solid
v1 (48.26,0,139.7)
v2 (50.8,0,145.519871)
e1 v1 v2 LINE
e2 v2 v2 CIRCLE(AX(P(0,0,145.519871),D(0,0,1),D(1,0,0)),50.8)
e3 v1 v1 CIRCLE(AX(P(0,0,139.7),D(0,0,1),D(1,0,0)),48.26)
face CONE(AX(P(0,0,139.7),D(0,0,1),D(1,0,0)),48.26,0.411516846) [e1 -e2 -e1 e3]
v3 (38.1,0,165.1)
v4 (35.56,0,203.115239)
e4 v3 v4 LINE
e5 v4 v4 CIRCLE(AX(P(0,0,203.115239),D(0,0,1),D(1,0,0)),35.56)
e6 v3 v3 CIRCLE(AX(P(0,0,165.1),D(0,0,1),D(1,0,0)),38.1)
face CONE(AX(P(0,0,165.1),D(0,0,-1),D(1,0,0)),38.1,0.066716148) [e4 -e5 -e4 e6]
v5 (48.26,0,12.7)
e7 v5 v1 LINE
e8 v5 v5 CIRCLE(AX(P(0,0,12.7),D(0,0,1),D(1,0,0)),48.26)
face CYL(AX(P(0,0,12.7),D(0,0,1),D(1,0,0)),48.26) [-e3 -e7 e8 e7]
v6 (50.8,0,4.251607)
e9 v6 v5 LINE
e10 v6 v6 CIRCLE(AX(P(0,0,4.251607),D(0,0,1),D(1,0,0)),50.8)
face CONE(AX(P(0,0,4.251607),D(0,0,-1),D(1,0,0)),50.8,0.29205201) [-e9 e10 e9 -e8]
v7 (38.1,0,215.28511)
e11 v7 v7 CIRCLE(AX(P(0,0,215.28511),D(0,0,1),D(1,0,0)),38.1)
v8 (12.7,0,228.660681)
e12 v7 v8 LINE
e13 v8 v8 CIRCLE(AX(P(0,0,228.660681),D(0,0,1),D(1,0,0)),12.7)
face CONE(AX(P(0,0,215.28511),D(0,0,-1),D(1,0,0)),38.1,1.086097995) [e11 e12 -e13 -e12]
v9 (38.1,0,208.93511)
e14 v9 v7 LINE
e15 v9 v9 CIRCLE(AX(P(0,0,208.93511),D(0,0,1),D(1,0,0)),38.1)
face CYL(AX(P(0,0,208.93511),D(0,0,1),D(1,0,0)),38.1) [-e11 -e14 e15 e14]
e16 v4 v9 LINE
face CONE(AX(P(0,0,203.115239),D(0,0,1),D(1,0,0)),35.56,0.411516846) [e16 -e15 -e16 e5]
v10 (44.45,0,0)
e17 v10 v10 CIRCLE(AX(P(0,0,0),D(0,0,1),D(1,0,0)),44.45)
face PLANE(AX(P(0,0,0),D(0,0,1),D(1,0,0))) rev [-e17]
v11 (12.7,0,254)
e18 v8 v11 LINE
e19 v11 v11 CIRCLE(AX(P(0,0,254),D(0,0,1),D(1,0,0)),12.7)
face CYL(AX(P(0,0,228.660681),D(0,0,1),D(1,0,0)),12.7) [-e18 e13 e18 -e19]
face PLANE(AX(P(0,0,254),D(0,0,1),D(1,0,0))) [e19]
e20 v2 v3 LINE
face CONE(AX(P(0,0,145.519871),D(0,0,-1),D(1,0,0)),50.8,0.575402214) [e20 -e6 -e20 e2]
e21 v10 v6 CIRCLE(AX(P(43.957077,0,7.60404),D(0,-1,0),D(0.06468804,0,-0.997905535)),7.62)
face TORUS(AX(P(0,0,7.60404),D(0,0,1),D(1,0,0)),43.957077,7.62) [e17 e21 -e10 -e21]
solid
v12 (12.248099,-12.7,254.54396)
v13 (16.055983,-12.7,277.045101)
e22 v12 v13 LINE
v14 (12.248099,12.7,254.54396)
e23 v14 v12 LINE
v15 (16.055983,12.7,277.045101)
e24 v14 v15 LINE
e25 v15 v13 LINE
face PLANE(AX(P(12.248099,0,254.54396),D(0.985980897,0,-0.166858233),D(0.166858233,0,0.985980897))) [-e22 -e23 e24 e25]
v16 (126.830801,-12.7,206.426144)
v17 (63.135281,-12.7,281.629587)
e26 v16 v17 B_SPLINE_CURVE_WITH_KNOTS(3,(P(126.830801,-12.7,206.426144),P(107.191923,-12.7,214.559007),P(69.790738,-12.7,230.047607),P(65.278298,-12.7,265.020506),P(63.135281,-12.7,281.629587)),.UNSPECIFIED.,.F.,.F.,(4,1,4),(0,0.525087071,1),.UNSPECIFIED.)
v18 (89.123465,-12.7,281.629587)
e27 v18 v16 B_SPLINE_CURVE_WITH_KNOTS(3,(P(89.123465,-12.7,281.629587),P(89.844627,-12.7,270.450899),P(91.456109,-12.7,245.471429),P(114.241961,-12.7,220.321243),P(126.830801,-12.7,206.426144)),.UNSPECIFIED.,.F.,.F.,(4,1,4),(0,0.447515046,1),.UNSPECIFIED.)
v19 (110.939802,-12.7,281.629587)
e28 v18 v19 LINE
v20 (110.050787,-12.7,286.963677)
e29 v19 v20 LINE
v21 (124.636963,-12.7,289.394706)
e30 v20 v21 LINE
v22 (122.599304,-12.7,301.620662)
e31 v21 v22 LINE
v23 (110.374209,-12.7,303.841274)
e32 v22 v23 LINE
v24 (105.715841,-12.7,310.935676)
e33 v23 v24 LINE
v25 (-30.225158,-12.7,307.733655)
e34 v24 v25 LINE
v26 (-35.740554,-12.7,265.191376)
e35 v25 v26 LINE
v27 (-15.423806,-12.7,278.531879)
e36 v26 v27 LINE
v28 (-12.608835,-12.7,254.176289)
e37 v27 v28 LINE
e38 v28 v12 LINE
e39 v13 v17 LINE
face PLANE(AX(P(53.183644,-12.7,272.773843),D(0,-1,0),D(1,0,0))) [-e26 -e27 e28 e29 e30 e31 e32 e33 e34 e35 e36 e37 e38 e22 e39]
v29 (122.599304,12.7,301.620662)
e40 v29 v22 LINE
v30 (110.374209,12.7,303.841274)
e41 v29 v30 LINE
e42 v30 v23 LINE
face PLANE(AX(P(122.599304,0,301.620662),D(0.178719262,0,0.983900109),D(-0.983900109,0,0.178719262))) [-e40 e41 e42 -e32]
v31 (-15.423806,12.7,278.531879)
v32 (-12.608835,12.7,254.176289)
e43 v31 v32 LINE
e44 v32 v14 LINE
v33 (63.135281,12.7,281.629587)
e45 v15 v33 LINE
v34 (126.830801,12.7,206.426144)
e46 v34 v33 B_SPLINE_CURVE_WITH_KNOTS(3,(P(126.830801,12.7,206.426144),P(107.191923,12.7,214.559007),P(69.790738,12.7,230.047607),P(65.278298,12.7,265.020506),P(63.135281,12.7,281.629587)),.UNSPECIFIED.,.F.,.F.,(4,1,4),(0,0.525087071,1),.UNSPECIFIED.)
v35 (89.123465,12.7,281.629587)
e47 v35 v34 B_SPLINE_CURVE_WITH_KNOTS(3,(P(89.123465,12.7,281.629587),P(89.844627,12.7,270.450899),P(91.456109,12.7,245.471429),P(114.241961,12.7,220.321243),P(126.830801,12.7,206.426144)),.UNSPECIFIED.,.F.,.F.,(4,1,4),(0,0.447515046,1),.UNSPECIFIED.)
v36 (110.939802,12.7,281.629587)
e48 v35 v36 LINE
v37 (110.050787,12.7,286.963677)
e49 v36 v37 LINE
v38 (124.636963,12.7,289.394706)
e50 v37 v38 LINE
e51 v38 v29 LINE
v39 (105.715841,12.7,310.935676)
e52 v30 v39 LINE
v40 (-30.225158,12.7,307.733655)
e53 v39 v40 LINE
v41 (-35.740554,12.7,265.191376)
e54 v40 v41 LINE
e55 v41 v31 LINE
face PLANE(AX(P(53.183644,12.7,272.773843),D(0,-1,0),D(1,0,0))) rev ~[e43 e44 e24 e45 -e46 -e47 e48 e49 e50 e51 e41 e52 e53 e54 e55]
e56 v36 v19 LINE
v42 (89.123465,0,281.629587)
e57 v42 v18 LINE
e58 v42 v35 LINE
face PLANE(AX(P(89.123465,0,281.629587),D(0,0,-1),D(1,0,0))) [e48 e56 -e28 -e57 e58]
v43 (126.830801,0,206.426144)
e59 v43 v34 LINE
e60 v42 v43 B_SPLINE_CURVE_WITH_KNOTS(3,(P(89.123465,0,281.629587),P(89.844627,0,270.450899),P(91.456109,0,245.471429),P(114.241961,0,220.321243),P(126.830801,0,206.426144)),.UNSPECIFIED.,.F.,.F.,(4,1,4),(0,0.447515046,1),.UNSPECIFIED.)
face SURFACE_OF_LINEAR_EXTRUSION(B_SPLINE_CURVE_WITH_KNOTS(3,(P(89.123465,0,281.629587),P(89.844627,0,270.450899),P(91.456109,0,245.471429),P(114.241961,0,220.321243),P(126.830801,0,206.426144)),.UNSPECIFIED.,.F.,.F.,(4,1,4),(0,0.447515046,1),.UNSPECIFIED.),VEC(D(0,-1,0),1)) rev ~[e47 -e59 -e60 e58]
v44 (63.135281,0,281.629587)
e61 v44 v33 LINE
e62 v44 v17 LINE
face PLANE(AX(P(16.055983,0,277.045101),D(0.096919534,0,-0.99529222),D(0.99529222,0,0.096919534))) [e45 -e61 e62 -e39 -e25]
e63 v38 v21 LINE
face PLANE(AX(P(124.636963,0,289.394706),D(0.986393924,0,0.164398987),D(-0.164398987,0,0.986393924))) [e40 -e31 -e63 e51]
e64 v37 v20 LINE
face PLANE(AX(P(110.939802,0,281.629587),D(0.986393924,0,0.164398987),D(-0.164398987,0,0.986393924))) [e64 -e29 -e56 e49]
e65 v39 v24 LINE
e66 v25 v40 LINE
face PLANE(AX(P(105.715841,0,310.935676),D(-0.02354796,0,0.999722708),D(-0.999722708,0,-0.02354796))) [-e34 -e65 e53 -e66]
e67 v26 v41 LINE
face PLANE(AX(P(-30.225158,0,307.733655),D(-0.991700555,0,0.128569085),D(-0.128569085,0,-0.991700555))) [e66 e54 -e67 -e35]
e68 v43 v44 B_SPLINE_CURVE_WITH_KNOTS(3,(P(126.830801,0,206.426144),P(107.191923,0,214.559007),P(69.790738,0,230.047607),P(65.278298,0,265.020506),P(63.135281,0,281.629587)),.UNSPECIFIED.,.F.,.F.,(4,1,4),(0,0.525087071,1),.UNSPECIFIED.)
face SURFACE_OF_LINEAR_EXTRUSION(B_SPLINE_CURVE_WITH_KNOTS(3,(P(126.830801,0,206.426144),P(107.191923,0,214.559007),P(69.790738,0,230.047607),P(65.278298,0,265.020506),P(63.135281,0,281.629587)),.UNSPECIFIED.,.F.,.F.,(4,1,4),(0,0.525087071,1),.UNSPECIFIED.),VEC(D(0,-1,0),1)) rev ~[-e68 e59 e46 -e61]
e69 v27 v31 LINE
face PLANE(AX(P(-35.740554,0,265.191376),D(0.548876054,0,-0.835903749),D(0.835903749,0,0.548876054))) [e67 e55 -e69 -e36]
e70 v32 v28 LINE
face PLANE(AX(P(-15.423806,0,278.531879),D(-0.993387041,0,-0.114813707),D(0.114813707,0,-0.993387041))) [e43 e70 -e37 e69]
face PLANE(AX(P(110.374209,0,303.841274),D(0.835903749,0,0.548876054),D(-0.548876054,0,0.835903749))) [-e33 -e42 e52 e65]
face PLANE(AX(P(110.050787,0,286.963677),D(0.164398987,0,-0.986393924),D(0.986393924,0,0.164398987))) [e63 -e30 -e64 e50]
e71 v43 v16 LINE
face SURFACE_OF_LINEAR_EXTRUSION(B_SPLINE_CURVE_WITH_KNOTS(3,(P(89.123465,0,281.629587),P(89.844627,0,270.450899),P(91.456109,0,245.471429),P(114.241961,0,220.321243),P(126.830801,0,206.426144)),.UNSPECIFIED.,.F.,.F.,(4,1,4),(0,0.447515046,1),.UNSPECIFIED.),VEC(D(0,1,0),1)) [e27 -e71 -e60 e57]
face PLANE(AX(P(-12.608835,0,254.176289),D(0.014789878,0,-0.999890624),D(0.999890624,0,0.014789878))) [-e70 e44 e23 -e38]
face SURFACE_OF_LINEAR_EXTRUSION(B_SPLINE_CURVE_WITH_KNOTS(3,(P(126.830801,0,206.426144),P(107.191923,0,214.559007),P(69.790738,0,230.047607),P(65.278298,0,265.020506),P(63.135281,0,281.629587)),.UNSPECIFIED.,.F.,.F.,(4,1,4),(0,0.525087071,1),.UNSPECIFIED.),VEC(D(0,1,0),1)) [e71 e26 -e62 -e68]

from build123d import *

# Parameters (mm, degrees)
F4_DEPTH      = 12.7
F4_DEPTH_BACK = 12.7


with BuildPart() as f2:
    # F1 (on Front) → F2 (revolve)
    with BuildSketch(Plane.XZ):
        with BuildLine():
            Line((0, 0), (44.45, 0))
            ThreePointArc((44.45, 0), (48.1964991654, 1.2722394193), (50.8, 4.2516072281))
            Line((50.8, 4.2516072281), (48.26, 12.7))
            Line((48.26, 12.7), (48.26, 139.7))
            Line((48.26, 139.7), (50.8, 145.5198711326))
            Line((50.8, 145.5198711326), (38.1, 165.1))
            Line((38.1, 165.1), (35.56, 203.1152390496))
            Line((35.56, 203.1152390496), (38.1, 208.9351101822))
            Line((38.1, 208.9351101822), (38.1, 215.2851101822))
            Line((38.1, 215.2851101822), (12.7, 228.6606810642))
            Line((12.7, 228.6606810642), (12.7, 254))
            Line((12.7, 254), (0, 254))
            Line((0, 254), (0, 0))
        make_face()
    revolve(axis=Axis((0, 0, 198.2876250841), (0, 0, 1)))


with BuildPart() as f4:
    # F3 (on Front) → F4 (new body, two sides)
    with BuildSketch(Plane.XZ) as f4_sk:
        with BuildLine():
            Line((-15.4238063842, 278.5318791866), (-12.6088354737, 254.1762888432))
            Line((-12.6088354737, 254.1762888432), (12.2480988503, 254.5439600945))
            Line((12.2480988503, 254.5439600945), (16.0559825599, 277.0451009274))
            Line((16.0559825599, 277.0451009274), (63.1352812052, 281.6295873474))
            add(Edge.make_bspline(
                [(126.8308013678, 206.4261436462), (107.1919228997, 214.5590071824), (69.7907382903, 230.0476070541), (65.2782976214, 265.0205056364), (63.1352812052, 281.6295873474)],
                knots=[0, 0, 0, 0, 0.5250870707, 1, 1, 1, 1], degree=3))
            add(Edge.make_bspline(
                [(89.1234651208, 281.6295873474), (89.8446274338, 270.4508987857), (91.4561091473, 245.4714290128), (114.2419610339, 220.3212430073), (126.8308013678, 206.4261436462)],
                knots=[0, 0, 0, 0, 0.4475150459, 1, 1, 1, 1], degree=3))
            Line((89.1234651208, 281.6295873474), (110.9398015448, 281.6295873474))
            Line((110.9398015448, 281.6295873474), (110.0507865886, 286.9636770841))
            Line((110.0507865886, 286.9636770841), (124.6369630098, 289.3947064877))
            Line((124.6369630098, 289.3947064877), (122.5993037224, 301.6206622124))
            Line((122.5993037224, 301.6206622124), (110.3742094831, 303.8412736329))
            Line((110.3742094831, 303.8412736329), (105.7158410549, 310.9356760979))
            Line((105.7158410549, 310.9356760979), (-30.2251577377, 307.7336549759))
            Line((-30.2251577377, 307.7336549759), (-35.7405543327, 265.1913762093))
            Line((-35.7405543327, 265.1913762093), (-15.4238063842, 278.5318791866))
        make_face()
    extrude(amount=F4_DEPTH)
    extrude(f4_sk.sketch, amount=-F4_DEPTH_BACK)


solid = Compound([f2.part, f4.part])
